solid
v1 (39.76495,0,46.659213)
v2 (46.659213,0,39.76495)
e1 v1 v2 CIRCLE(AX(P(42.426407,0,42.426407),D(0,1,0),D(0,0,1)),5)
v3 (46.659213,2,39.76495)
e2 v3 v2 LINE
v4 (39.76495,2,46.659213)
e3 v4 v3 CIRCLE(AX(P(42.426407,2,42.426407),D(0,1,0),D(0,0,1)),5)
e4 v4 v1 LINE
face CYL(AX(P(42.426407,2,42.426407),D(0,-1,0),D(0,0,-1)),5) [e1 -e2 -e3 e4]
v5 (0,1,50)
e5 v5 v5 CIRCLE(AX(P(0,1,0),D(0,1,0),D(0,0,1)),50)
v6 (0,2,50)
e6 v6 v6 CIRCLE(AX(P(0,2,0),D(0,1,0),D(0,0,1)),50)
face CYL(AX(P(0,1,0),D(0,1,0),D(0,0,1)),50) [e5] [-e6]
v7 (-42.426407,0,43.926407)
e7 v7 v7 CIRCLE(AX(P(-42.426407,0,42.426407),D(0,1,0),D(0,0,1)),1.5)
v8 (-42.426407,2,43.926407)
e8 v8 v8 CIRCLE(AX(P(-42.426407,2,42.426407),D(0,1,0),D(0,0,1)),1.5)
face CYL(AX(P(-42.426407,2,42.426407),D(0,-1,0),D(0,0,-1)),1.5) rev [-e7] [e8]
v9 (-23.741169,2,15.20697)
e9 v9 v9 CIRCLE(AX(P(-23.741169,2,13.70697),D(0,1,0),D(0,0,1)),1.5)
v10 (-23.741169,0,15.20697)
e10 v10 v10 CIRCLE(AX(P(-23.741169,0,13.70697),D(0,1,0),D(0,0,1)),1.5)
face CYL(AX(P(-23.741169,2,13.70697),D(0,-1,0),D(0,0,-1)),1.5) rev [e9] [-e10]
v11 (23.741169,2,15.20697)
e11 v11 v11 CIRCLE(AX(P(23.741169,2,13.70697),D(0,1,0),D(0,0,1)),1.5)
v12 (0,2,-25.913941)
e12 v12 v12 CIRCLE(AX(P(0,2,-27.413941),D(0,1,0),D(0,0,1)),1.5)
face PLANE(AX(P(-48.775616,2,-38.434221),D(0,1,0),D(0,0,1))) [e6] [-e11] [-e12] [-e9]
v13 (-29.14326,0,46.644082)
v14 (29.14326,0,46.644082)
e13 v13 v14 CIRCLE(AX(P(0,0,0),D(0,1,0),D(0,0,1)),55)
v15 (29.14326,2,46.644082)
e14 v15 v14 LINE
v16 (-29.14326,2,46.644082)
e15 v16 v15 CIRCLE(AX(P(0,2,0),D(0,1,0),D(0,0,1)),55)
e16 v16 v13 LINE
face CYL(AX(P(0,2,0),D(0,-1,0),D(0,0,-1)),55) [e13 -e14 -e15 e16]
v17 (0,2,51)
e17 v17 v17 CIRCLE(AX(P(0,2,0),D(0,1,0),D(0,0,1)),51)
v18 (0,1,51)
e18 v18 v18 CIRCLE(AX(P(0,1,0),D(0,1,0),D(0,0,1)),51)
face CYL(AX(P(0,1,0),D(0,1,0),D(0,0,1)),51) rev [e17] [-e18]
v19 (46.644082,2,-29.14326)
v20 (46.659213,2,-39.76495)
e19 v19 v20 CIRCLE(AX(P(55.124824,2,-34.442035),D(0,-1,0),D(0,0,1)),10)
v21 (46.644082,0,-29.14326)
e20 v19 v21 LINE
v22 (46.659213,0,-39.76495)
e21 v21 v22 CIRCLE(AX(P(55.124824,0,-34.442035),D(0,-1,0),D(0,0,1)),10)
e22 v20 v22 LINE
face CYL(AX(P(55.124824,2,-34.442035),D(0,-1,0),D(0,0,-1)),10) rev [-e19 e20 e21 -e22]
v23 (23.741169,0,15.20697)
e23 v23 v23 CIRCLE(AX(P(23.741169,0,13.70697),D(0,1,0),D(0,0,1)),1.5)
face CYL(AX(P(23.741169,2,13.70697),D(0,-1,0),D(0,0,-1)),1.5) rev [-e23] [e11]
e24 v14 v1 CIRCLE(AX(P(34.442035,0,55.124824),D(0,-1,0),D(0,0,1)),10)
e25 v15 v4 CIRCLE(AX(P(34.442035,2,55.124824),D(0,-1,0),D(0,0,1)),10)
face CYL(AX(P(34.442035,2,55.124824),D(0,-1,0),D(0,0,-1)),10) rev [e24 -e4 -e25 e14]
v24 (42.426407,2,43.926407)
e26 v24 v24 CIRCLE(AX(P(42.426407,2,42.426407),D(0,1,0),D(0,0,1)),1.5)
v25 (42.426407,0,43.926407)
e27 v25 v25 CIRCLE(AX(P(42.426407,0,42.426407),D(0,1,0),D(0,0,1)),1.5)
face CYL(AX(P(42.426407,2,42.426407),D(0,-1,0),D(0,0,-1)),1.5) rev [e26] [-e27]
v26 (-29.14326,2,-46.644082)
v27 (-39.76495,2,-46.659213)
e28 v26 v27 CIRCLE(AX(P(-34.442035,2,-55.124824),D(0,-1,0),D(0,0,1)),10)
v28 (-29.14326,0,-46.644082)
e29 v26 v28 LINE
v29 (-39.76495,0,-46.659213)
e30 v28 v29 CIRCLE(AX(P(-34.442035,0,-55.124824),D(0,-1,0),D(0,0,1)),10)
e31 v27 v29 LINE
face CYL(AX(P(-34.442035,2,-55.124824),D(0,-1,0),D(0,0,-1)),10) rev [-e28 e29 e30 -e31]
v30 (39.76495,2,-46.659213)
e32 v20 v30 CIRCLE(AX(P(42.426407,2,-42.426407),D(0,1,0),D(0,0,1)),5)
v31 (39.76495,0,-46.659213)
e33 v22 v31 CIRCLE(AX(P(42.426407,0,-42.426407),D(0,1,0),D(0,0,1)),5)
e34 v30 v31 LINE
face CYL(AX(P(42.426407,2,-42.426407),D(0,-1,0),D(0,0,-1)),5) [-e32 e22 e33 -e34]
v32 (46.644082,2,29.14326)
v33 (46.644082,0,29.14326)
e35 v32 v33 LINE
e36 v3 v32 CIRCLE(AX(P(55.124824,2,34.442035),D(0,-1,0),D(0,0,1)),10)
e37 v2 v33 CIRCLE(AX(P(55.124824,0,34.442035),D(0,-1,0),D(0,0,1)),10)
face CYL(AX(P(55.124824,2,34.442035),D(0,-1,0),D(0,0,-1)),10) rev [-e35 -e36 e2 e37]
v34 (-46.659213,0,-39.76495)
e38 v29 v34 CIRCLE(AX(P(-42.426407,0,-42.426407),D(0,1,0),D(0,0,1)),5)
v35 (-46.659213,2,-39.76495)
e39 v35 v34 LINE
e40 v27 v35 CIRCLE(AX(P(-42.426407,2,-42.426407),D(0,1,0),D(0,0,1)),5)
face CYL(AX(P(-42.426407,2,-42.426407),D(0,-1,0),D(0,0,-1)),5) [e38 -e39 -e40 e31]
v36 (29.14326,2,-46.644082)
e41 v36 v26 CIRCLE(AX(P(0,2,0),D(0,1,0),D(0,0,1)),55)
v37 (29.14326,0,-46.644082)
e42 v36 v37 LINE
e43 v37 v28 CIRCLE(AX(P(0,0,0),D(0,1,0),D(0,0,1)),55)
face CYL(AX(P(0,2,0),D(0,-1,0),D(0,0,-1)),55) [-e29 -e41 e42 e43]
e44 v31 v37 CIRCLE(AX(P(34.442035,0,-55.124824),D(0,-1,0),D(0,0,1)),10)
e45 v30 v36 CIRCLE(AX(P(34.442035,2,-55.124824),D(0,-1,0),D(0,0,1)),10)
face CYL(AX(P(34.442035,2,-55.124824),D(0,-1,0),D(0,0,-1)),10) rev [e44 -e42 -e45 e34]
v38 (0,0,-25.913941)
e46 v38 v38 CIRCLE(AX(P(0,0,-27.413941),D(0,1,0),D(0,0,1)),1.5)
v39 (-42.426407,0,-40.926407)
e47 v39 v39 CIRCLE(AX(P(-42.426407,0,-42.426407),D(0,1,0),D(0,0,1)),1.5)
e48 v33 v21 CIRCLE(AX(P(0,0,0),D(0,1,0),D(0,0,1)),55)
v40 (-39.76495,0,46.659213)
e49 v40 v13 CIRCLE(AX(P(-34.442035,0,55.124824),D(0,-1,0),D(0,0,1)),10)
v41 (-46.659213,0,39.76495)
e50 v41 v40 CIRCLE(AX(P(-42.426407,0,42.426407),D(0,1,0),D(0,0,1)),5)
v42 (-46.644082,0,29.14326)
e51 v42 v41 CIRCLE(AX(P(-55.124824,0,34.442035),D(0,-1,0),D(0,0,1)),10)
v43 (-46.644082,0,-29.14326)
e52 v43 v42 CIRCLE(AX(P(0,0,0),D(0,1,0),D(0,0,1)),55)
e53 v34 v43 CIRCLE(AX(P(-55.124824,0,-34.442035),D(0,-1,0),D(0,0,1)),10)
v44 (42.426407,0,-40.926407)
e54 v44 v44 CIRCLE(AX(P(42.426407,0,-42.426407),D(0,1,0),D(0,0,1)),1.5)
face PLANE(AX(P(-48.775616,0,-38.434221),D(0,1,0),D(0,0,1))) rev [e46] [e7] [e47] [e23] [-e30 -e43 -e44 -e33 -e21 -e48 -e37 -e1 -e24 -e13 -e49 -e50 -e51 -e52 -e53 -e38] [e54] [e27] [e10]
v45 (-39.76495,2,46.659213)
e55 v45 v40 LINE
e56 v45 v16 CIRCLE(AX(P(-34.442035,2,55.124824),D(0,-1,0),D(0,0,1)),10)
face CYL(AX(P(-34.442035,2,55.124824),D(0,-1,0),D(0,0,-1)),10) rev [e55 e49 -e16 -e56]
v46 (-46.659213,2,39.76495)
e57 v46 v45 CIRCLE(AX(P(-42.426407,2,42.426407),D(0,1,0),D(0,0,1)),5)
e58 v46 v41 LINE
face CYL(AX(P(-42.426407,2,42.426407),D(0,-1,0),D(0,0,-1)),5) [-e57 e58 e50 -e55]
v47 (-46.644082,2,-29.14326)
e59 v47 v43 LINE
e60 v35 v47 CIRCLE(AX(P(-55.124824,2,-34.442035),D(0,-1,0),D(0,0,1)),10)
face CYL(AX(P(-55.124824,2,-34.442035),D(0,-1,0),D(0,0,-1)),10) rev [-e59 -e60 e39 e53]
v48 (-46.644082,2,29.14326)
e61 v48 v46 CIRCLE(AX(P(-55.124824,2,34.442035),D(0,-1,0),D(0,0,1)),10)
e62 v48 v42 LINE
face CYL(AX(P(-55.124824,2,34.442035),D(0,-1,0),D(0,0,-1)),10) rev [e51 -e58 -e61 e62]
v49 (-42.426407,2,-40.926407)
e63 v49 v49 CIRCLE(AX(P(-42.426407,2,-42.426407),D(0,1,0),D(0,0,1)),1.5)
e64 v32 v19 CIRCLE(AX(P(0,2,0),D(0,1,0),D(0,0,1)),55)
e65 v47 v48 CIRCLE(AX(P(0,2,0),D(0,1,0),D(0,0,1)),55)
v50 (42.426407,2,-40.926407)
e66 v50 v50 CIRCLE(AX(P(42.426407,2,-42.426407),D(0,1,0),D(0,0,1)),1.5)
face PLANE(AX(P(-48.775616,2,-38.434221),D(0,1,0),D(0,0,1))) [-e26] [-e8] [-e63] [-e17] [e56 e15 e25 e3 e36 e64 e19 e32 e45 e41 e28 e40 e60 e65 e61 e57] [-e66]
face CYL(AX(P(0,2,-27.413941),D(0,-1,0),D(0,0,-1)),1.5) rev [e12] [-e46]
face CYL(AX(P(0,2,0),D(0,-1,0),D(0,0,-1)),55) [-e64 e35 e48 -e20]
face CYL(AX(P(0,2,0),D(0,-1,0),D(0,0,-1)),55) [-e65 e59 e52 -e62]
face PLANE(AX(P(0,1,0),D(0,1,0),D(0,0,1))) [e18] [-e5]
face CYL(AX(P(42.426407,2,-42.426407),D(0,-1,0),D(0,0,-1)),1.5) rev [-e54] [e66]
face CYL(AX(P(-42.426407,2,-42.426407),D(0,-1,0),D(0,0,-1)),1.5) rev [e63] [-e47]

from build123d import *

# Parameters (mm, degrees)
SKETCH2_R           = 1.5
BOSS_EXTRUDE1_DEPTH = 2
SKETCH3_R           = 51
SKETCH3_R_2         = 50
CUT_EXTRUDE1_DEPTH  = 1


with BuildPart() as part:
    # Sketch2 → Boss-Extrude1 (new body)
    with BuildSketch(Plane(origin=(0, 0, 0), x_dir=(1, 0, 0), z_dir=(0, 1, 0))):
        with BuildLine():
            ThreePointArc((-46.644081999, 29.14326019), (-55, 0), (-46.644081999, -29.14326019))
            ThreePointArc((-46.644081999, -29.14326019), (-45.124834326, -34.456279799), (-46.659212641, -39.764949504))
            ThreePointArc((-46.659212641, -39.764949504), (-45.961940777, -45.961940777), (-39.764949504, -46.659212641))
            ThreePointArc((-39.764949504, -46.659212641), (-34.456279799, -45.124834326), (-29.14326019, -46.644081999))
            ThreePointArc((-29.14326019, -46.644081999), (0, -55), (29.14326019, -46.644081999))
            ThreePointArc((29.14326019, -46.644081999), (34.456279799, -45.124834326), (39.764949504, -46.659212641))
            ThreePointArc((39.764949504, -46.659212641), (45.961940777, -45.961940777), (46.659212641, -39.764949504))
            ThreePointArc((46.659212641, -39.764949504), (45.124834326, -34.456279799), (46.644081999, -29.14326019))
            ThreePointArc((46.644081999, -29.14326019), (55, 0), (46.644081999, 29.14326019))
            ThreePointArc((46.644081999, 29.14326019), (45.124834326, 34.456279799), (46.659212641, 39.764949504))
            ThreePointArc((46.659212641, 39.764949504), (45.961940777, 45.961940777), (39.764949504, 46.659212641))
            ThreePointArc((39.764949504, 46.659212641), (34.456279799, 45.124834326), (29.14326019, 46.644081999))
            ThreePointArc((29.14326019, 46.644081999), (0, 55), (-29.14326019, 46.644081999))
            ThreePointArc((-29.14326019, 46.644081999), (-34.456279799, 45.124834326), (-39.764949504, 46.659212641))
            ThreePointArc((-39.764949504, 46.659212641), (-45.961940777, 45.961940777), (-46.659212641, 39.764949504))
            ThreePointArc((-46.659212641, 39.764949504), (-45.124834326, 34.456279799), (-46.644081999, 29.14326019))
        make_face()
        with Locations((-42.426406871, 42.426406871)):
            Circle(SKETCH2_R, mode=Mode.SUBTRACT)
        with Locations((-23.741169162, -13.706970407)):
            Circle(SKETCH2_R, mode=Mode.SUBTRACT)
        with Locations((23.741169162, -13.706970407)):
            Circle(SKETCH2_R, mode=Mode.SUBTRACT)
        with Locations((0, 27.413940814)):
            Circle(SKETCH2_R, mode=Mode.SUBTRACT)
        with Locations((42.426406871, 42.426406871)):
            Circle(SKETCH2_R, mode=Mode.SUBTRACT)
        with Locations((42.426406871, -42.426406871)):
            Circle(SKETCH2_R, mode=Mode.SUBTRACT)
        with Locations((-42.426406871, -42.426406871)):
            Circle(SKETCH2_R, mode=Mode.SUBTRACT)
    extrude(amount=BOSS_EXTRUDE1_DEPTH)

    # Sketch3 → Cut-Extrude1 (cut)
    with BuildSketch(Plane(origin=(0, 2, 0), x_dir=(1, 0, 0), z_dir=(0, 1, 0))):
        Circle(SKETCH3_R)
        Circle(SKETCH3_R_2, mode=Mode.SUBTRACT)
    extrude(amount=-CUT_EXTRUDE1_DEPTH, mode=Mode.SUBTRACT)


solid = part.part
